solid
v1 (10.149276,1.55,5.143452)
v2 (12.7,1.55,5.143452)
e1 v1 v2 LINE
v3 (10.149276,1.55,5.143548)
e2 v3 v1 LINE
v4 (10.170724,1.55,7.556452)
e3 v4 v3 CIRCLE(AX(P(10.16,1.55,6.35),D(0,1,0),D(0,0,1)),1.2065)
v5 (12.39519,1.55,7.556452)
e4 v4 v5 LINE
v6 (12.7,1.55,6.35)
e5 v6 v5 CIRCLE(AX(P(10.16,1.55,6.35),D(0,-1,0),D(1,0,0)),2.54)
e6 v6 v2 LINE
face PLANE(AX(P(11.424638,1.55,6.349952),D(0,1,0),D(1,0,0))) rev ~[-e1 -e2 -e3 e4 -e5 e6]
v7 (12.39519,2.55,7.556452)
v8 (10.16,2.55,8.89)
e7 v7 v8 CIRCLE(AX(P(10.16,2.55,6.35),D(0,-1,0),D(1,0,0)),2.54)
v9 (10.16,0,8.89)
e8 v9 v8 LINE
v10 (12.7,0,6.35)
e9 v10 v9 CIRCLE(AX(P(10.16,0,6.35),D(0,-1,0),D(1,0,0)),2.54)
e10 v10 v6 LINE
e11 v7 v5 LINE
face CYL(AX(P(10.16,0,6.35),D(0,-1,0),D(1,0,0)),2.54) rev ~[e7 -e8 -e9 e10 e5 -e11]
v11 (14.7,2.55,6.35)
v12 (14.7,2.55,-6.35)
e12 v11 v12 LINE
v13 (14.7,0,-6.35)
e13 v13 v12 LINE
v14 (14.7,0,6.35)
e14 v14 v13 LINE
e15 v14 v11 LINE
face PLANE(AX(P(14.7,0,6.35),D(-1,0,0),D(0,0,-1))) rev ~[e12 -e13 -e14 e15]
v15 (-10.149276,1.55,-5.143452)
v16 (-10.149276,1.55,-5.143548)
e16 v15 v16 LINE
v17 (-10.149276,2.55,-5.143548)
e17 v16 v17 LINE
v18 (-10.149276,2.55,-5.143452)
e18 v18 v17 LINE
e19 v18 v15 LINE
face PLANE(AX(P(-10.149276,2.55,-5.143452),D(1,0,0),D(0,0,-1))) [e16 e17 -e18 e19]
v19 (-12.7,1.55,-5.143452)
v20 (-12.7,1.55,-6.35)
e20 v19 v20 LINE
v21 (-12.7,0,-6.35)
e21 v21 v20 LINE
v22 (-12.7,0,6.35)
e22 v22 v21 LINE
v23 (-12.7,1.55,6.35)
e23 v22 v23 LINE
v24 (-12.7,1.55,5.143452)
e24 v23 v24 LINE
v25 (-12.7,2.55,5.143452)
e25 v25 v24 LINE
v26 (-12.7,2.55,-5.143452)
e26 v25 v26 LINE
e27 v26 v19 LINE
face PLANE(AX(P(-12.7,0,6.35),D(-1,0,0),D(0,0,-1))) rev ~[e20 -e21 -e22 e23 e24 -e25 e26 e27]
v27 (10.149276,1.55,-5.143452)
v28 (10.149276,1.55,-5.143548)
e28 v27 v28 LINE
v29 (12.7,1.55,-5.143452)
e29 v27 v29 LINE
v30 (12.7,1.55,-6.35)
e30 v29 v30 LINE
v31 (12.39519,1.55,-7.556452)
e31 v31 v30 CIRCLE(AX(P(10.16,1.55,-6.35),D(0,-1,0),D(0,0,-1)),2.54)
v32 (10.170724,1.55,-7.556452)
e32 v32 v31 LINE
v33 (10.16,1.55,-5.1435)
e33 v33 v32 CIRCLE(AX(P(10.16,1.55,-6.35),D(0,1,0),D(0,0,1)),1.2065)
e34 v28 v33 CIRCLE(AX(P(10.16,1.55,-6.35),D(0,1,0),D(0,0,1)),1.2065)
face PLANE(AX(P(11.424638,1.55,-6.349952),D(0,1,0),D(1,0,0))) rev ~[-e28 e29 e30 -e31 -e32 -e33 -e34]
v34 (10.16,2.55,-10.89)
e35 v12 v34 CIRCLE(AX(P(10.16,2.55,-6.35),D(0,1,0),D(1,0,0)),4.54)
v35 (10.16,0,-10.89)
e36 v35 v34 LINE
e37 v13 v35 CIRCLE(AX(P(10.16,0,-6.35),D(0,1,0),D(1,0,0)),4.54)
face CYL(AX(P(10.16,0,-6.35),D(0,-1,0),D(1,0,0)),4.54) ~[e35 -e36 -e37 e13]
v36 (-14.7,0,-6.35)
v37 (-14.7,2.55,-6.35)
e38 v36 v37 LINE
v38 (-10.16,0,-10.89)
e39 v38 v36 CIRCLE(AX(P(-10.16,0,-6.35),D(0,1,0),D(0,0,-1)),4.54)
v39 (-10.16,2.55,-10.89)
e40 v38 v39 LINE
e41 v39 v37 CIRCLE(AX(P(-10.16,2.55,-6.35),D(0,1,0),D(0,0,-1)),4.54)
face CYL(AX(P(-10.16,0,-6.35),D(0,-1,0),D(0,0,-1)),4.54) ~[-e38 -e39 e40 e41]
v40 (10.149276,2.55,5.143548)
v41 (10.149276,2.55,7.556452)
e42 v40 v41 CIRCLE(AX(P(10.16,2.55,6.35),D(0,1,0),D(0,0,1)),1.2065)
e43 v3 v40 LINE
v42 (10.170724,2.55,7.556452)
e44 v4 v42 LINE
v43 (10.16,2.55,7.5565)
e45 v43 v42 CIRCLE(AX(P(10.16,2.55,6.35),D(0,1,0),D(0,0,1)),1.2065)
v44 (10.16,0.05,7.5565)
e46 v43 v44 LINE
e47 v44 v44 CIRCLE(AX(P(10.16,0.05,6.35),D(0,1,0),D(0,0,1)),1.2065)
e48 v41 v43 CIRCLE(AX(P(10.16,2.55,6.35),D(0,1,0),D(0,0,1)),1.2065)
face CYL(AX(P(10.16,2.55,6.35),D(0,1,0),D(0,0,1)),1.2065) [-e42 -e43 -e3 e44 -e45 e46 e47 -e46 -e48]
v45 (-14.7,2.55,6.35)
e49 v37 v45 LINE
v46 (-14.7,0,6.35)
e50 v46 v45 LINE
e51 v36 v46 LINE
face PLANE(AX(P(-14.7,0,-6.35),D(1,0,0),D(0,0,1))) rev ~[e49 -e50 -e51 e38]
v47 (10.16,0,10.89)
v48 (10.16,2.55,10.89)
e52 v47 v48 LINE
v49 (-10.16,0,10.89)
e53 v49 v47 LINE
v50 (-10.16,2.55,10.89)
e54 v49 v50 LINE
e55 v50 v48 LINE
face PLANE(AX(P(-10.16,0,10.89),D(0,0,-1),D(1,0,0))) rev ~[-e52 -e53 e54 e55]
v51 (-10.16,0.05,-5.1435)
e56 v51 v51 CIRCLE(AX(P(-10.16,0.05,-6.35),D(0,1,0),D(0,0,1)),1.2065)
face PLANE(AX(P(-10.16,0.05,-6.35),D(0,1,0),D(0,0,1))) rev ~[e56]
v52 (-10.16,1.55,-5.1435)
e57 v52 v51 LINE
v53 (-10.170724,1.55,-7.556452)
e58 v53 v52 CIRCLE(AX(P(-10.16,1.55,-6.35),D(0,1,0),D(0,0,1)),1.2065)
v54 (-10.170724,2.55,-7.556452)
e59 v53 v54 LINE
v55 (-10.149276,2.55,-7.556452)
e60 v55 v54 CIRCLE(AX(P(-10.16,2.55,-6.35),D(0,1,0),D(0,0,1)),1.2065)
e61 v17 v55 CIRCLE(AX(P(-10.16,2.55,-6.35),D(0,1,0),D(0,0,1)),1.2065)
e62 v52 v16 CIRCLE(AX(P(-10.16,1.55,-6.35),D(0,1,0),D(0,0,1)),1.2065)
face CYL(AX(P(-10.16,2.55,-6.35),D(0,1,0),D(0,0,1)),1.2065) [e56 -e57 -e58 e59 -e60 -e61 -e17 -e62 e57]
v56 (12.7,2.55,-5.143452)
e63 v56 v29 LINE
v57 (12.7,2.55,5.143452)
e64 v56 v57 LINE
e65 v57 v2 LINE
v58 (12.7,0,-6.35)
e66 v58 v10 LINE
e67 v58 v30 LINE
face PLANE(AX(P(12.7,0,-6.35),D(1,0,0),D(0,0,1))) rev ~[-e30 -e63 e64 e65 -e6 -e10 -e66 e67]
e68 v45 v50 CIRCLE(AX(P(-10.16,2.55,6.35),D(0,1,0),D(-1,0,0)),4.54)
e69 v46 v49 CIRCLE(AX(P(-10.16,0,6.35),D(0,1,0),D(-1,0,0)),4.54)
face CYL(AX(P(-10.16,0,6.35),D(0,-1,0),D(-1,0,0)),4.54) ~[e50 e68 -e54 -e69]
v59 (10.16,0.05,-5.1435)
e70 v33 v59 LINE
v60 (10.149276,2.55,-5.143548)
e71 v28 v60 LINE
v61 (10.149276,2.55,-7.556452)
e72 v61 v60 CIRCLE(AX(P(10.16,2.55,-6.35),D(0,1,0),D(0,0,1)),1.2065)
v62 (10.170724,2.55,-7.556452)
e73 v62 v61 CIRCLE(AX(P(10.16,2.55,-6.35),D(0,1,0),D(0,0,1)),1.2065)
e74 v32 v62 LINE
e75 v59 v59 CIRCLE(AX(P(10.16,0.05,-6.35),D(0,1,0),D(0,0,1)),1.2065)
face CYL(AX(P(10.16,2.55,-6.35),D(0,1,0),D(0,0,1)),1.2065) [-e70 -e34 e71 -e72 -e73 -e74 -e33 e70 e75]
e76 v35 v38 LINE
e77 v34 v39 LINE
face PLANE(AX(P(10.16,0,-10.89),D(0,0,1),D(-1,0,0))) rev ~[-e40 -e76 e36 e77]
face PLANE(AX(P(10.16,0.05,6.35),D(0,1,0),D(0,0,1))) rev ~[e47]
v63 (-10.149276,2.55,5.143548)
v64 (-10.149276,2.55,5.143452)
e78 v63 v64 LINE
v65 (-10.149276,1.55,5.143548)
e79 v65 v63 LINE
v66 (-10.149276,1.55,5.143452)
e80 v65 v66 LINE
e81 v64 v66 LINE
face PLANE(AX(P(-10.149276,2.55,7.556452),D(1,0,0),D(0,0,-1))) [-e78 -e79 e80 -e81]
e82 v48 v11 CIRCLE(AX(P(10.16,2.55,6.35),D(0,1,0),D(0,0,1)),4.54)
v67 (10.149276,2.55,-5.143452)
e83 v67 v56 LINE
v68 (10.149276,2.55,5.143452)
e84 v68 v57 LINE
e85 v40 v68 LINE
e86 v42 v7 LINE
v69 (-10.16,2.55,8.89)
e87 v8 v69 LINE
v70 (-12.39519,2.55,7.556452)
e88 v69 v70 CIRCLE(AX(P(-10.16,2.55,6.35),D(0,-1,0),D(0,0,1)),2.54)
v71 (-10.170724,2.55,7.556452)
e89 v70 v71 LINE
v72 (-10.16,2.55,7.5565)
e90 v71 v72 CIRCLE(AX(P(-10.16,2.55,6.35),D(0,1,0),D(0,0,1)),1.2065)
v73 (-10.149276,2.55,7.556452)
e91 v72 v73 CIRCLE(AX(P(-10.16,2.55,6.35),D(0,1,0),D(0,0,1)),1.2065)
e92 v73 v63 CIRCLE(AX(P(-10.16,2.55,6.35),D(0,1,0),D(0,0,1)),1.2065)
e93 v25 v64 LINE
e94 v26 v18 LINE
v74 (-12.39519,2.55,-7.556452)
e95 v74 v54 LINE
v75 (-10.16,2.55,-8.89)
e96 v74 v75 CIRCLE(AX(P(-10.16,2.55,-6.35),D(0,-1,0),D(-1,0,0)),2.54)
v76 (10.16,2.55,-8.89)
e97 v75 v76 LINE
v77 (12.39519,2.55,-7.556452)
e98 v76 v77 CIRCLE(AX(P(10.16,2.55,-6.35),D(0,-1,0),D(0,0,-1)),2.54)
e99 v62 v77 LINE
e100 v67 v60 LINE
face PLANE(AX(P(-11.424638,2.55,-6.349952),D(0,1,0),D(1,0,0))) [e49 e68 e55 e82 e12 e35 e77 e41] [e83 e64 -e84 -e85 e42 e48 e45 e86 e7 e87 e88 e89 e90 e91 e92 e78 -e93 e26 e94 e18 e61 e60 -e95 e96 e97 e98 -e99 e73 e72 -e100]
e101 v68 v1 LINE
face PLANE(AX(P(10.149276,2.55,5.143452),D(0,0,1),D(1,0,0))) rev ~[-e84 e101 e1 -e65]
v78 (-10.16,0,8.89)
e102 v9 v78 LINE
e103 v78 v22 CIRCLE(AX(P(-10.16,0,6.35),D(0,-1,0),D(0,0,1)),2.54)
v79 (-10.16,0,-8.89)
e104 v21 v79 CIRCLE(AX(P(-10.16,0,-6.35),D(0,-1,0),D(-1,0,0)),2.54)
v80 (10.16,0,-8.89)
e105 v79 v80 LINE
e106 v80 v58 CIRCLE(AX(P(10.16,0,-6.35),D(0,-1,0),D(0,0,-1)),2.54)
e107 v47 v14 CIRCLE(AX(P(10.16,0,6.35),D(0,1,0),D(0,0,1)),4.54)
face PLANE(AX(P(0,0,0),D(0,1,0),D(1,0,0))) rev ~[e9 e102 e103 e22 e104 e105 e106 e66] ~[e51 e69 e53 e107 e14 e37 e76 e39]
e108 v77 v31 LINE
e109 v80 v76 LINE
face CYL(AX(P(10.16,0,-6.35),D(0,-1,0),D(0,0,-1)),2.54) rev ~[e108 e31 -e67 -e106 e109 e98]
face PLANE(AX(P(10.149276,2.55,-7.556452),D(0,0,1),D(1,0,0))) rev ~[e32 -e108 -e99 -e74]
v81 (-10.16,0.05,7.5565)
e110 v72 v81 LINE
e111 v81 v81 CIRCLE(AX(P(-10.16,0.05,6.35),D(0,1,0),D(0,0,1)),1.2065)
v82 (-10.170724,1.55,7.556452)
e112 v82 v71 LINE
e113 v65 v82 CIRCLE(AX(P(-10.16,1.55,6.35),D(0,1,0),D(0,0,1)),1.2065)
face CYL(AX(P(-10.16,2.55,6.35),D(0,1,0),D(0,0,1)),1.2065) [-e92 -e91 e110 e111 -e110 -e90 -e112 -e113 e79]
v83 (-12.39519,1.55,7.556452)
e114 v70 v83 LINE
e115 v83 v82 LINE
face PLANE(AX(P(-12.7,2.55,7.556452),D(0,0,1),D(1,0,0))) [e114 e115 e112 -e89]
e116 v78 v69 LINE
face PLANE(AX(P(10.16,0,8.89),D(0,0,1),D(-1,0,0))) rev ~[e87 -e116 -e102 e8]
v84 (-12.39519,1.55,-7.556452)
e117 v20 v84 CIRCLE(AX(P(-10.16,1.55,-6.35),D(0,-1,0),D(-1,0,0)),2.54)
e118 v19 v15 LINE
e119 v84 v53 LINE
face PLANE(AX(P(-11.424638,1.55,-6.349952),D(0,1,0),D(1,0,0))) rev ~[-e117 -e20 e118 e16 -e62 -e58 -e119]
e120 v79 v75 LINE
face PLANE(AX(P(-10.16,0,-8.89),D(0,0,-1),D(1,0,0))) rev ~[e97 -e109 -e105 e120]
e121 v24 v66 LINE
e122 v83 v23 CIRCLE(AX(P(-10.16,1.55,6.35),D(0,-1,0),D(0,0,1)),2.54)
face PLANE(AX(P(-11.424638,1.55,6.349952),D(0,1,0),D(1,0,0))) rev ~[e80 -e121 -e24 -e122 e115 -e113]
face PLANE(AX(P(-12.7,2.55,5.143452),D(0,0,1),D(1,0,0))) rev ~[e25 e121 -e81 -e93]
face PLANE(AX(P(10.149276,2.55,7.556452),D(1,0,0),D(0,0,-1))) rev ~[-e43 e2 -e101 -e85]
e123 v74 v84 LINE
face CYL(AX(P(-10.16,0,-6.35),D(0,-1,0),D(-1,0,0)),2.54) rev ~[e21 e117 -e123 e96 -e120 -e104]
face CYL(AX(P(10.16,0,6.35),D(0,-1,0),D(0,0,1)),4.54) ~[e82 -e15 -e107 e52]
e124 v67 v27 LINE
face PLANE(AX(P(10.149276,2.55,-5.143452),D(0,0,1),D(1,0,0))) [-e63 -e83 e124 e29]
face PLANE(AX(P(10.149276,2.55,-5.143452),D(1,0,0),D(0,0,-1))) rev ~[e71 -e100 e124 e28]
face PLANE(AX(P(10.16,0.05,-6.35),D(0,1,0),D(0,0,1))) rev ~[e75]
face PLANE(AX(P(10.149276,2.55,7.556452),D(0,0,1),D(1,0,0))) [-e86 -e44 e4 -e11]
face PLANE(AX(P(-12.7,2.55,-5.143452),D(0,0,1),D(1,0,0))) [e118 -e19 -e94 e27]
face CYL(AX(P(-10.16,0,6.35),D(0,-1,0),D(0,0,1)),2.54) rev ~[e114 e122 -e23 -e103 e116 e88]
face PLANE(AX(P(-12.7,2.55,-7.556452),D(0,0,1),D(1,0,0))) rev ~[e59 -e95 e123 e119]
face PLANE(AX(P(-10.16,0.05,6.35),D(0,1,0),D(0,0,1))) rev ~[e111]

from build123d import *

# Parameters (mm, degrees)
BOSS_EXTRUDE1_DEPTH   = 2.55
SKETCH2_R             = 1.2065
BOSS_EXTRUDE2_DEPTH   = 2.5
BOSS_EXTRUDE2_2_DEPTH = 2.5
BOSS_EXTRUDE2_3_DEPTH = 2.5
BOSS_EXTRUDE2_4_DEPTH = 2.5
SKETCH3_W             = 2.550724021
SKETCH3_H             = 2.413
BOSS_EXTRUDE3_DEPTH   = 1


with BuildPart() as part:
    # Sketch1 → Boss-Extrude1 (new body)
    with BuildSketch(Plane(origin=(0, 0, 0), x_dir=(1, 0, 0), z_dir=(0, 1, 0))):
        with BuildLine():
            Line((-14.7, 6.35), (-14.7, -6.35))
            ThreePointArc((-14.7, -6.35), (-13.370264787, -9.560264787), (-10.16, -10.89))
            Line((-10.16, -10.89), (10.16, -10.89))
            ThreePointArc((10.16, -10.89), (13.370264787, -9.560264787), (14.7, -6.35))
            Line((14.7, -6.35), (14.7, 6.35))
            ThreePointArc((14.7, 6.35), (13.370264787, 9.560264787), (10.16, 10.89))
            Line((10.16, 10.89), (-10.16, 10.89))
            ThreePointArc((-10.16, 10.89), (-13.370264787, 9.560264787), (-14.7, 6.35))
        make_face()
        with BuildLine():
            Line((-10.16, 8.89), (10.16, 8.89))
            ThreePointArc((10.16, 8.89), (11.956051224, 8.146051224), (12.7, 6.35))
            Line((12.7, 6.35), (12.7, -6.35))
            ThreePointArc((12.7, -6.35), (11.956051224, -8.146051224), (10.16, -8.89))
            Line((10.16, -8.89), (-10.16, -8.89))
            ThreePointArc((-10.16, -8.89), (-11.956051224, -8.146051224), (-12.7, -6.35))
            Line((-12.7, -6.35), (-12.7, 6.35))
            ThreePointArc((-12.7, 6.35), (-11.956051224, 8.146051224), (-10.16, 8.89))
        make_face(mode=Mode.SUBTRACT)
    extrude(amount=BOSS_EXTRUDE1_DEPTH)



with BuildPart() as body_2:
    # Sketch2 → Boss-Extrude2 (new body)
    with BuildSketch(Plane(origin=(0, 2.55, 0), x_dir=(1, 0, 0), z_dir=(0, 1, 0))):
        with Locations(Location((10.16, 6.35, 0), (0, 0, 270))):
            Circle(SKETCH2_R)
    extrude(amount=-BOSS_EXTRUDE2_DEPTH)


with BuildPart() as body_3:
    # Sketch2 → Boss-Extrude2 2 (new body)
    with BuildSketch(Plane(origin=(0, 2.55, 0), x_dir=(1, 0, 0), z_dir=(0, 1, 0))):
        with Locations(Location((-10.16, 6.35, 0), (0, 0, 270))):
            Circle(SKETCH2_R)
    extrude(amount=-BOSS_EXTRUDE2_2_DEPTH)


with BuildPart() as body_4:
    # Sketch2 → Boss-Extrude2 3 (new body)
    with BuildSketch(Plane(origin=(0, 2.55, 0), x_dir=(1, 0, 0), z_dir=(0, 1, 0))):
        with Locations(Location((-10.16, -6.35, 0), (0, 0, 270))):
            Circle(SKETCH2_R)
    extrude(amount=-BOSS_EXTRUDE2_3_DEPTH)


with BuildPart() as body_5:
    # Sketch2 → Boss-Extrude2 4 (new body)
    with BuildSketch(Plane(origin=(0, 2.55, 0), x_dir=(1, 0, 0), z_dir=(0, 1, 0))):
        with Locations(Location((10.16, -6.35, 0), (0, 0, 270))):
            Circle(SKETCH2_R)
    extrude(amount=-BOSS_EXTRUDE2_4_DEPTH)


with BuildPart() as part_1:
    add(part.part)

    add(body_2.part)  # Boss-Extrude3 merges body 2

    add(body_3.part)  # Boss-Extrude3 merges body 3

    add(body_4.part)  # Boss-Extrude3 merges body 4

    add(body_5.part)  # Boss-Extrude3 merges body 5
    # Sketch3 → Boss-Extrude3 (add)
    with BuildSketch(Plane(origin=(0, 2.55, 0), x_dir=(1, 0, 0), z_dir=(0, 1, 0))):
        with Locations((-11.42463799, 6.349952339)):
            Rectangle(SKETCH3_W, SKETCH3_H)
        with Locations((11.42463799, 6.349952339)):
            Rectangle(SKETCH3_W, SKETCH3_H)
        with Locations((11.42463799, -6.349952339)):
            Rectangle(SKETCH3_W, SKETCH3_H)
        with Locations((-11.42463799, -6.349952339)):
            Rectangle(SKETCH3_W, SKETCH3_H)
    extrude(amount=-BOSS_EXTRUDE3_DEPTH)


solid = part_1.part
